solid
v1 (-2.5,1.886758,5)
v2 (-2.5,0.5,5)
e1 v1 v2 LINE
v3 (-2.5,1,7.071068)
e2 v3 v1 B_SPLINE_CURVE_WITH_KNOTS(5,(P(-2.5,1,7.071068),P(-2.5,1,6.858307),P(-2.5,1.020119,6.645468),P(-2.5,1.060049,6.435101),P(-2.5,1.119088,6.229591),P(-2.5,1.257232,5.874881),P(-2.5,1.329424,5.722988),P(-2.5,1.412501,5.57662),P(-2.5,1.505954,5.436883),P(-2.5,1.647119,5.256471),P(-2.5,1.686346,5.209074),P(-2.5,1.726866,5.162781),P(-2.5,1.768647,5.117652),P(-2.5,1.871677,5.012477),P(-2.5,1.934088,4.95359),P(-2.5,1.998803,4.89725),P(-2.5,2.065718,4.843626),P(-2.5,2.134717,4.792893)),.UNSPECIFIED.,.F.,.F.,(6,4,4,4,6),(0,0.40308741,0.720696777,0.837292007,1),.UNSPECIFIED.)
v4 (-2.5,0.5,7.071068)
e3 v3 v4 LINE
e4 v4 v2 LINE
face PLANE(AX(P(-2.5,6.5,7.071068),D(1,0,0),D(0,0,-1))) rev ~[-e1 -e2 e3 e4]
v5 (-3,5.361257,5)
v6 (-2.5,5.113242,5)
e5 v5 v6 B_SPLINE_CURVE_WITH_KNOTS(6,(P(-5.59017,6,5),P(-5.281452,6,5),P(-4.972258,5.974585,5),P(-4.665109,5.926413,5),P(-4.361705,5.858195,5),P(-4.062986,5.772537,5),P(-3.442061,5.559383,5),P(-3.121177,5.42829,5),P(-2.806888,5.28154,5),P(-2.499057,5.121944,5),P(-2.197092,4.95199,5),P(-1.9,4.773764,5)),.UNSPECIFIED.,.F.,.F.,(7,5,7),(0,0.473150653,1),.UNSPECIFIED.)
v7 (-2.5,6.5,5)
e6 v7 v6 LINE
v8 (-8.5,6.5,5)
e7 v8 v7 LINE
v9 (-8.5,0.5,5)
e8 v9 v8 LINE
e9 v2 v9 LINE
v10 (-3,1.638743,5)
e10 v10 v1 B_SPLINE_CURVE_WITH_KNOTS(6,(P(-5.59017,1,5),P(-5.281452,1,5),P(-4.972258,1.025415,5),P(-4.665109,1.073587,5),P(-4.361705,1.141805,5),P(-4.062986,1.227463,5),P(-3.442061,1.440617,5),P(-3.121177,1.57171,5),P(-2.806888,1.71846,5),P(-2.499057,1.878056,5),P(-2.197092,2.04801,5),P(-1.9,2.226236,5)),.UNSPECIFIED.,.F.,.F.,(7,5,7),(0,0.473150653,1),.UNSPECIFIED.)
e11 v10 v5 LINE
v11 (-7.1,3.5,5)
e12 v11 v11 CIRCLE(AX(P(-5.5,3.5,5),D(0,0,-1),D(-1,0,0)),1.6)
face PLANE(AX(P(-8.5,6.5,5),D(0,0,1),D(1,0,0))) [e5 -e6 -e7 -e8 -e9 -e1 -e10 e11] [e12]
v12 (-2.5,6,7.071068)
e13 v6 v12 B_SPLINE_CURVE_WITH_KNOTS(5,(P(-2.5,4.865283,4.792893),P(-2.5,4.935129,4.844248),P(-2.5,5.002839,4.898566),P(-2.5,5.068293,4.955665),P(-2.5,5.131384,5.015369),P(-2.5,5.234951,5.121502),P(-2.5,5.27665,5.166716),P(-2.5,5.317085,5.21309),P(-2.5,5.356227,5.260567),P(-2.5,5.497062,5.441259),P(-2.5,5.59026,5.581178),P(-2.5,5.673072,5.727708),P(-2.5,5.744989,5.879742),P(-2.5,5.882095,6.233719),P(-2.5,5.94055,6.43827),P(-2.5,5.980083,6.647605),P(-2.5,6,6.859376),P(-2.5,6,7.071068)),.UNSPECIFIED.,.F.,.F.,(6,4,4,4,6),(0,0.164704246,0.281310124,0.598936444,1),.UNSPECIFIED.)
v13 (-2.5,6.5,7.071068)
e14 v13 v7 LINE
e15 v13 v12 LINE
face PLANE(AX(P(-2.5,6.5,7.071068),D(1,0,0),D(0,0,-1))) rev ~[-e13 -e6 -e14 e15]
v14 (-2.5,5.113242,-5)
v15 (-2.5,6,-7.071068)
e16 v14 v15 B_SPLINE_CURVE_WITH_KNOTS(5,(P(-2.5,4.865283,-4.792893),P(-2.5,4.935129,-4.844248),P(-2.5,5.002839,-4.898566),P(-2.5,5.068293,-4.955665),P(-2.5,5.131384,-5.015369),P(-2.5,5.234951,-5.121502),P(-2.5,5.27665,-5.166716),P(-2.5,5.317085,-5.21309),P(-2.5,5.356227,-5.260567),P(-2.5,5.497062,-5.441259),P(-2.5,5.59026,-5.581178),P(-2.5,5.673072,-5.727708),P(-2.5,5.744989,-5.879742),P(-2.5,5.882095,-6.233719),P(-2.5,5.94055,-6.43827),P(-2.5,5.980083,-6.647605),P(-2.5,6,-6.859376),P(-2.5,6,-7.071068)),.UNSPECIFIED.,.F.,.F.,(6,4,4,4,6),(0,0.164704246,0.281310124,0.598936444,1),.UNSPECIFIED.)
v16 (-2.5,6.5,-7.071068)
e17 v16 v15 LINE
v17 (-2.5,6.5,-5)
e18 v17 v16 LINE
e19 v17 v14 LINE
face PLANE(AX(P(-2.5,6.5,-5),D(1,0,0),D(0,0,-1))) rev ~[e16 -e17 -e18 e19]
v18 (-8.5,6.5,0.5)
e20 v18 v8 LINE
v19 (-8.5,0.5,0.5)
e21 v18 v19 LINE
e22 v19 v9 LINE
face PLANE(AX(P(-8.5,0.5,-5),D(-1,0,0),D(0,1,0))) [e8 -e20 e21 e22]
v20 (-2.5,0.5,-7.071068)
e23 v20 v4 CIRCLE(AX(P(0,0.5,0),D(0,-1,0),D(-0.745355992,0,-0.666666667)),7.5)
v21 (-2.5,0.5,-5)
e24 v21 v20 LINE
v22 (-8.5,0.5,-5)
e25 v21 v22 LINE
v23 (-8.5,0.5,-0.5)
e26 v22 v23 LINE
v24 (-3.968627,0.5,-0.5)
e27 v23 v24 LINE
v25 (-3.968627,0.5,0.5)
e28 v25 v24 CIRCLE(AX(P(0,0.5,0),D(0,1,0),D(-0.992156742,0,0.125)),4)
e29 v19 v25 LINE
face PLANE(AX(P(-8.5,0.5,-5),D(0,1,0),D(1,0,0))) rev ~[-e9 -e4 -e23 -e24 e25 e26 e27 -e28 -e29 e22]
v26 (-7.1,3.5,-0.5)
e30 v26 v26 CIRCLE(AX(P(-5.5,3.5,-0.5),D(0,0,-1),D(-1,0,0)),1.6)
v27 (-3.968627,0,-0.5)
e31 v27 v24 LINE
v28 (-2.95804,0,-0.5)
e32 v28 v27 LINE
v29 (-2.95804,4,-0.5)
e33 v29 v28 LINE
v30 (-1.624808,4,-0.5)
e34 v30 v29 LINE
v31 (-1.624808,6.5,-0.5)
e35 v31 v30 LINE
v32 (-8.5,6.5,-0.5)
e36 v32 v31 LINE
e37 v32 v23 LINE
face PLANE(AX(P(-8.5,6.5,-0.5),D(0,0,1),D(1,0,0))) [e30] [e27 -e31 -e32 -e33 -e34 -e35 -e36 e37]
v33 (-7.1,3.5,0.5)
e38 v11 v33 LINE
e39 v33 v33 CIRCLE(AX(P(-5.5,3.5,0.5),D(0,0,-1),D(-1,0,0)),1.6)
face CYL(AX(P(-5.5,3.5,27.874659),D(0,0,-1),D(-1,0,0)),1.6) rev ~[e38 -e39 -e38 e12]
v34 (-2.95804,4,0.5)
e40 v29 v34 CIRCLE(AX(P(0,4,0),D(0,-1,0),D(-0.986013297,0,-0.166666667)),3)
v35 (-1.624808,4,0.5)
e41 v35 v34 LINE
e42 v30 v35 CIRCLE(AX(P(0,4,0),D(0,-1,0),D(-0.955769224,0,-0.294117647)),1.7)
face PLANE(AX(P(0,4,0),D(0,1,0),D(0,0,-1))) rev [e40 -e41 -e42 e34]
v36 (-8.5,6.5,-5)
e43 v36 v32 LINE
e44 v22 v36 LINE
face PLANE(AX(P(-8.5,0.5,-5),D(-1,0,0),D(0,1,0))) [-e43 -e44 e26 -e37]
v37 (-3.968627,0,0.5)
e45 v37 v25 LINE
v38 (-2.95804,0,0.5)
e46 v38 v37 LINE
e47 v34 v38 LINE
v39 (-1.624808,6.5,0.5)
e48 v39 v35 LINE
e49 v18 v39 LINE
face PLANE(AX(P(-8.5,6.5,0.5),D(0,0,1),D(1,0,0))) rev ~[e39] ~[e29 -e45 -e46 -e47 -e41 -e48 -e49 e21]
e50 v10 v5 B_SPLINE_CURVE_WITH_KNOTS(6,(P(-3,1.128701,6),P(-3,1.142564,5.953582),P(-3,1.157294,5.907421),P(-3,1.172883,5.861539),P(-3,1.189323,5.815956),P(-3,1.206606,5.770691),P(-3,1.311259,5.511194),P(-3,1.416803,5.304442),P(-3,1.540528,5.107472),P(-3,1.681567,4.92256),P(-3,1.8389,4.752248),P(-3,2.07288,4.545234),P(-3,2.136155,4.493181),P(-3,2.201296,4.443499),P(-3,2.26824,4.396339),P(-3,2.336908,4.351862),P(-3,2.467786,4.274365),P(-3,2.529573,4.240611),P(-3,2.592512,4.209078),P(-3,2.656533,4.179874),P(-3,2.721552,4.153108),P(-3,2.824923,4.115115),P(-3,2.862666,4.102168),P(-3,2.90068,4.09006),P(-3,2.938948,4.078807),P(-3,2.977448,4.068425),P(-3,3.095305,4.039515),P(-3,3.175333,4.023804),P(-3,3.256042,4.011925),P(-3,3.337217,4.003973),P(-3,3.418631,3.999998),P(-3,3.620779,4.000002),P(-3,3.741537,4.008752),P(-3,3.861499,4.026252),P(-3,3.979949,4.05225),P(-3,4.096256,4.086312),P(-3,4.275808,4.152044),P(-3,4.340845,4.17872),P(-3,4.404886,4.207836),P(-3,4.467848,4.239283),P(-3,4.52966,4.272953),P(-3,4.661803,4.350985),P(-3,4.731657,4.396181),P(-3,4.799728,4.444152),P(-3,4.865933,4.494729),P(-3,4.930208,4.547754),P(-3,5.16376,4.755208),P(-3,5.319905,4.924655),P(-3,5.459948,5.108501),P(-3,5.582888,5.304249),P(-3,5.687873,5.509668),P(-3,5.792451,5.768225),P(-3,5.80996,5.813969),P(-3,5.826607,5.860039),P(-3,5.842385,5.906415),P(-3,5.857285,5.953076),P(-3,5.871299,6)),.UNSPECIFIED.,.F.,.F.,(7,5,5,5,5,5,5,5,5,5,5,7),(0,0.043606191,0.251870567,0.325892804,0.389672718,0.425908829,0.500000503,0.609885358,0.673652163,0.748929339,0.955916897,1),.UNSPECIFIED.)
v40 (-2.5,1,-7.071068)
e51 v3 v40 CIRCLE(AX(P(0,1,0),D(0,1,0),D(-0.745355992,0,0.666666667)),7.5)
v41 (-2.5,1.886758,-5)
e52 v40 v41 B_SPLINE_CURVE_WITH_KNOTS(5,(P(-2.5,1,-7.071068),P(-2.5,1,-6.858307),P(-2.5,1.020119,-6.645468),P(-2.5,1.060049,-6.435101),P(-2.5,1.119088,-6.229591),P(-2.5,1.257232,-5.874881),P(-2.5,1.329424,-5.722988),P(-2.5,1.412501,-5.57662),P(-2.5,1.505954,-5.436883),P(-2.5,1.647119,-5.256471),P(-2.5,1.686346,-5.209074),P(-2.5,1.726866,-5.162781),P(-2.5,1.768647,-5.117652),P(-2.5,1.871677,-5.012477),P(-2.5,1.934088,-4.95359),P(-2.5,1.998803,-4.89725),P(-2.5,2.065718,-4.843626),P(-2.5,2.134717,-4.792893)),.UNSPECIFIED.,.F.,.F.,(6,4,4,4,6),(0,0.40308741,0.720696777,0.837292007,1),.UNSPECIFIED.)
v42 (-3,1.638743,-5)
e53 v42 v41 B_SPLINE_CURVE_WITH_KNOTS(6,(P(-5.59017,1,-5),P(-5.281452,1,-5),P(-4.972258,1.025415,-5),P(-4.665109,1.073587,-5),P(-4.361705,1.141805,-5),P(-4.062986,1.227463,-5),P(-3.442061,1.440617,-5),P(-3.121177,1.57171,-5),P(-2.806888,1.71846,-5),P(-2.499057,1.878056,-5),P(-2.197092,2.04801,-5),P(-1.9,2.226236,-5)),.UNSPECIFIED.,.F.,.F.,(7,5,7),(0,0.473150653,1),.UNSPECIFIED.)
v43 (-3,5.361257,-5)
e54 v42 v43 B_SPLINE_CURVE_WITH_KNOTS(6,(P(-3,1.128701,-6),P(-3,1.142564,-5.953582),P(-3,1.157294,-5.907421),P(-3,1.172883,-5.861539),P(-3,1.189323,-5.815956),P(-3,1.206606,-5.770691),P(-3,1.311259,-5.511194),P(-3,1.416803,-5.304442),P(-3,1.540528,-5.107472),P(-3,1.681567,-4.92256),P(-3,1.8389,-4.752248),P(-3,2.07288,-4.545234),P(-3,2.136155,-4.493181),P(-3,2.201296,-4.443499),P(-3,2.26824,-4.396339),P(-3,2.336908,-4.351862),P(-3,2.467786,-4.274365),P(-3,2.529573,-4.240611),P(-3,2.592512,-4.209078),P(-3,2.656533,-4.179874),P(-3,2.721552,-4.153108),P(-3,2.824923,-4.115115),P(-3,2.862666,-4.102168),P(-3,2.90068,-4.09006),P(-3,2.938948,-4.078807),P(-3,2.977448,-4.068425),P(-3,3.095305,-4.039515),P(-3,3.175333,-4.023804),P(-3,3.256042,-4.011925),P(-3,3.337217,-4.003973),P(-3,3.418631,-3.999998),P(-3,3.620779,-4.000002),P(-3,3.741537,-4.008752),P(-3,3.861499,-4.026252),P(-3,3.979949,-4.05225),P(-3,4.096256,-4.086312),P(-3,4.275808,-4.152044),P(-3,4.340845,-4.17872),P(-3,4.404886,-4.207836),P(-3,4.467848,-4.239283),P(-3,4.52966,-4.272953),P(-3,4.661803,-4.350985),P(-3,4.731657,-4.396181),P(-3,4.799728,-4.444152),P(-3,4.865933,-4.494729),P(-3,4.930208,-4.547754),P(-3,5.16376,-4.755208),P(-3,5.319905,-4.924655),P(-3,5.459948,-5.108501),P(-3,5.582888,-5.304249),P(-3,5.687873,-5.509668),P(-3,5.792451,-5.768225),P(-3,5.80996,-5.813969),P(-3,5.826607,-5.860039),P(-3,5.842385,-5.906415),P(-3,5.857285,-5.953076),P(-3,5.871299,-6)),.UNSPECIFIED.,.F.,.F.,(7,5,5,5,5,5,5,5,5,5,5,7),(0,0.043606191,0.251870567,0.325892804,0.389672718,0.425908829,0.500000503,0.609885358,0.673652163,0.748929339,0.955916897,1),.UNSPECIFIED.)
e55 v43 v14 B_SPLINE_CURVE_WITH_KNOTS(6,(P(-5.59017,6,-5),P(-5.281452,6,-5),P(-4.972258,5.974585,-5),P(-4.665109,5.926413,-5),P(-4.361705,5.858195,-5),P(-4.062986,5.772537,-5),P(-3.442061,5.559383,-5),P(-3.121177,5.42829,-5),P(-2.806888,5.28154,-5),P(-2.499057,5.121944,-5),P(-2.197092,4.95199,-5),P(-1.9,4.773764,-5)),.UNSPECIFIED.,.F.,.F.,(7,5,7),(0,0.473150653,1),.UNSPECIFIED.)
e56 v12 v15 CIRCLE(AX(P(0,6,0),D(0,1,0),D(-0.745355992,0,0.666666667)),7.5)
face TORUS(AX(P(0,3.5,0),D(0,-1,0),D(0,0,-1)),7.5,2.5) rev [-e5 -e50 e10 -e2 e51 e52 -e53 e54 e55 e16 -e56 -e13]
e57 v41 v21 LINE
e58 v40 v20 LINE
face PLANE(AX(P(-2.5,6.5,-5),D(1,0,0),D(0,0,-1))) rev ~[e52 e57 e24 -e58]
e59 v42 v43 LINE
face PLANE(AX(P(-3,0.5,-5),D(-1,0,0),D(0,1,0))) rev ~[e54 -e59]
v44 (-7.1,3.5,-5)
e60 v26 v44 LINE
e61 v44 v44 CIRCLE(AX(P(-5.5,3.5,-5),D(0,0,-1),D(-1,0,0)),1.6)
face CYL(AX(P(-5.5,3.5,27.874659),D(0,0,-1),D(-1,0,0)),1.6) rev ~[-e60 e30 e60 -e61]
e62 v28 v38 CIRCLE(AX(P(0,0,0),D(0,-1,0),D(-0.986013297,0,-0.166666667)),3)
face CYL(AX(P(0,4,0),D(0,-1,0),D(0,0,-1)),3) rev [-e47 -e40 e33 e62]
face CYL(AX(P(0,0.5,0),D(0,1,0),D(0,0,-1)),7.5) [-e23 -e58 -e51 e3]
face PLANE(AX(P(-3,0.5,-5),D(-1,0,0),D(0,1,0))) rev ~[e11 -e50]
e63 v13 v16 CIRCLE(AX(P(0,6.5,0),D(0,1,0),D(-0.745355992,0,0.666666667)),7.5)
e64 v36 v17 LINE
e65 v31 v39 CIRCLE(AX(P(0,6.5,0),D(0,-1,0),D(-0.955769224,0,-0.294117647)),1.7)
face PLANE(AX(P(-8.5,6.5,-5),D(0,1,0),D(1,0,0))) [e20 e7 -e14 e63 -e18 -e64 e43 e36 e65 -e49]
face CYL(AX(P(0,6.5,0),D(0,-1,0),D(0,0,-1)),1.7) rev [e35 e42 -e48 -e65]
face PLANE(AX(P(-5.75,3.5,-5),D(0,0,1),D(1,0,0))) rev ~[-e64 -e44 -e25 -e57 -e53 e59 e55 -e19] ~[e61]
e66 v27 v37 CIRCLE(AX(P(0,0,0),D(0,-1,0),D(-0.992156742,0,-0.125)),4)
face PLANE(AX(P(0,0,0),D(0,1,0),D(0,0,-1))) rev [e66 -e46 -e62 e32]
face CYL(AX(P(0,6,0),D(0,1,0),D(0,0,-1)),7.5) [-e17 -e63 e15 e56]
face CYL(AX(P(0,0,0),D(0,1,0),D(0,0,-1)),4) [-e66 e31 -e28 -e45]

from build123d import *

# Parameters (mm, degrees)
CLAMP_EXTRUSION_DEPTH      = 5
CLAMP_EXTRUSION_DEPTH_BACK = 5
SKETCH2_W                  = 5.5
SKETCH2_H                  = 6
SKETCH3_W                  = 6
SKETCH3_H                  = 2.071067812
SKETCH3_W_2                = 8.5
SKETCH3_H_2                = 1
CLAMP_CUTOUT_DEPTH         = 14.067134468
CLAMP_HOLE_D               = 3.2


with BuildPart() as part:
    # Sketch1 → body (revolve)
    with BuildSketch(Plane.XY):
        with BuildLine():
            Line((3, 0), (4, 0))
            Line((4, 0), (4, 0.5))
            Line((4, 0.5), (7.5, 0.5))
            Line((7.5, 0.5), (7.5, 1))
            ThreePointArc((7.5, 1), (5, 3.5), (7.5, 6))
            Line((7.5, 6), (7.5, 6.5))
            Line((7.5, 6.5), (1.7, 6.5))
            Line((1.7, 6.5), (1.7, 4))
            Line((1.7, 4), (3, 4))
            Line((3, 4), (3, 0))
        make_face()
    revolve(axis=Axis((0, 0, 0), (0, 1, 0)))

    # Sketch2 → clamp_extrusion (add, two sides: drawn at the far end of the back side and taken through both)
    with BuildSketch(Plane.XY.offset(-CLAMP_EXTRUSION_DEPTH_BACK)):
        with Locations((-5.75, 3.5)):
            Rectangle(SKETCH2_W, SKETCH2_H)
    extrude(amount=CLAMP_EXTRUSION_DEPTH + CLAMP_EXTRUSION_DEPTH_BACK)

    # Sketch3 → clamp_cutout (cut, through all)
    with BuildSketch(Plane(origin=(0, 6.5, 0), x_dir=(1, 0, 0), z_dir=(0, 1, 0))):
        with Locations((-5.5, 6.035533906)):
            Rectangle(SKETCH3_W, SKETCH3_H)
        with Locations((-5.5, -6.035533906)):
            Rectangle(SKETCH3_W, SKETCH3_H)
        with Locations((-4.25, 0)):
            Rectangle(SKETCH3_W_2, SKETCH3_H_2)
    extrude(amount=-CLAMP_CUTOUT_DEPTH, mode=Mode.SUBTRACT)

    # clamp_hole (through all)
    with Locations(Plane.XY.offset(5)):
        with Locations((-5.5, 3.5)):
            Hole(CLAMP_HOLE_D / 2)


solid = part.part
